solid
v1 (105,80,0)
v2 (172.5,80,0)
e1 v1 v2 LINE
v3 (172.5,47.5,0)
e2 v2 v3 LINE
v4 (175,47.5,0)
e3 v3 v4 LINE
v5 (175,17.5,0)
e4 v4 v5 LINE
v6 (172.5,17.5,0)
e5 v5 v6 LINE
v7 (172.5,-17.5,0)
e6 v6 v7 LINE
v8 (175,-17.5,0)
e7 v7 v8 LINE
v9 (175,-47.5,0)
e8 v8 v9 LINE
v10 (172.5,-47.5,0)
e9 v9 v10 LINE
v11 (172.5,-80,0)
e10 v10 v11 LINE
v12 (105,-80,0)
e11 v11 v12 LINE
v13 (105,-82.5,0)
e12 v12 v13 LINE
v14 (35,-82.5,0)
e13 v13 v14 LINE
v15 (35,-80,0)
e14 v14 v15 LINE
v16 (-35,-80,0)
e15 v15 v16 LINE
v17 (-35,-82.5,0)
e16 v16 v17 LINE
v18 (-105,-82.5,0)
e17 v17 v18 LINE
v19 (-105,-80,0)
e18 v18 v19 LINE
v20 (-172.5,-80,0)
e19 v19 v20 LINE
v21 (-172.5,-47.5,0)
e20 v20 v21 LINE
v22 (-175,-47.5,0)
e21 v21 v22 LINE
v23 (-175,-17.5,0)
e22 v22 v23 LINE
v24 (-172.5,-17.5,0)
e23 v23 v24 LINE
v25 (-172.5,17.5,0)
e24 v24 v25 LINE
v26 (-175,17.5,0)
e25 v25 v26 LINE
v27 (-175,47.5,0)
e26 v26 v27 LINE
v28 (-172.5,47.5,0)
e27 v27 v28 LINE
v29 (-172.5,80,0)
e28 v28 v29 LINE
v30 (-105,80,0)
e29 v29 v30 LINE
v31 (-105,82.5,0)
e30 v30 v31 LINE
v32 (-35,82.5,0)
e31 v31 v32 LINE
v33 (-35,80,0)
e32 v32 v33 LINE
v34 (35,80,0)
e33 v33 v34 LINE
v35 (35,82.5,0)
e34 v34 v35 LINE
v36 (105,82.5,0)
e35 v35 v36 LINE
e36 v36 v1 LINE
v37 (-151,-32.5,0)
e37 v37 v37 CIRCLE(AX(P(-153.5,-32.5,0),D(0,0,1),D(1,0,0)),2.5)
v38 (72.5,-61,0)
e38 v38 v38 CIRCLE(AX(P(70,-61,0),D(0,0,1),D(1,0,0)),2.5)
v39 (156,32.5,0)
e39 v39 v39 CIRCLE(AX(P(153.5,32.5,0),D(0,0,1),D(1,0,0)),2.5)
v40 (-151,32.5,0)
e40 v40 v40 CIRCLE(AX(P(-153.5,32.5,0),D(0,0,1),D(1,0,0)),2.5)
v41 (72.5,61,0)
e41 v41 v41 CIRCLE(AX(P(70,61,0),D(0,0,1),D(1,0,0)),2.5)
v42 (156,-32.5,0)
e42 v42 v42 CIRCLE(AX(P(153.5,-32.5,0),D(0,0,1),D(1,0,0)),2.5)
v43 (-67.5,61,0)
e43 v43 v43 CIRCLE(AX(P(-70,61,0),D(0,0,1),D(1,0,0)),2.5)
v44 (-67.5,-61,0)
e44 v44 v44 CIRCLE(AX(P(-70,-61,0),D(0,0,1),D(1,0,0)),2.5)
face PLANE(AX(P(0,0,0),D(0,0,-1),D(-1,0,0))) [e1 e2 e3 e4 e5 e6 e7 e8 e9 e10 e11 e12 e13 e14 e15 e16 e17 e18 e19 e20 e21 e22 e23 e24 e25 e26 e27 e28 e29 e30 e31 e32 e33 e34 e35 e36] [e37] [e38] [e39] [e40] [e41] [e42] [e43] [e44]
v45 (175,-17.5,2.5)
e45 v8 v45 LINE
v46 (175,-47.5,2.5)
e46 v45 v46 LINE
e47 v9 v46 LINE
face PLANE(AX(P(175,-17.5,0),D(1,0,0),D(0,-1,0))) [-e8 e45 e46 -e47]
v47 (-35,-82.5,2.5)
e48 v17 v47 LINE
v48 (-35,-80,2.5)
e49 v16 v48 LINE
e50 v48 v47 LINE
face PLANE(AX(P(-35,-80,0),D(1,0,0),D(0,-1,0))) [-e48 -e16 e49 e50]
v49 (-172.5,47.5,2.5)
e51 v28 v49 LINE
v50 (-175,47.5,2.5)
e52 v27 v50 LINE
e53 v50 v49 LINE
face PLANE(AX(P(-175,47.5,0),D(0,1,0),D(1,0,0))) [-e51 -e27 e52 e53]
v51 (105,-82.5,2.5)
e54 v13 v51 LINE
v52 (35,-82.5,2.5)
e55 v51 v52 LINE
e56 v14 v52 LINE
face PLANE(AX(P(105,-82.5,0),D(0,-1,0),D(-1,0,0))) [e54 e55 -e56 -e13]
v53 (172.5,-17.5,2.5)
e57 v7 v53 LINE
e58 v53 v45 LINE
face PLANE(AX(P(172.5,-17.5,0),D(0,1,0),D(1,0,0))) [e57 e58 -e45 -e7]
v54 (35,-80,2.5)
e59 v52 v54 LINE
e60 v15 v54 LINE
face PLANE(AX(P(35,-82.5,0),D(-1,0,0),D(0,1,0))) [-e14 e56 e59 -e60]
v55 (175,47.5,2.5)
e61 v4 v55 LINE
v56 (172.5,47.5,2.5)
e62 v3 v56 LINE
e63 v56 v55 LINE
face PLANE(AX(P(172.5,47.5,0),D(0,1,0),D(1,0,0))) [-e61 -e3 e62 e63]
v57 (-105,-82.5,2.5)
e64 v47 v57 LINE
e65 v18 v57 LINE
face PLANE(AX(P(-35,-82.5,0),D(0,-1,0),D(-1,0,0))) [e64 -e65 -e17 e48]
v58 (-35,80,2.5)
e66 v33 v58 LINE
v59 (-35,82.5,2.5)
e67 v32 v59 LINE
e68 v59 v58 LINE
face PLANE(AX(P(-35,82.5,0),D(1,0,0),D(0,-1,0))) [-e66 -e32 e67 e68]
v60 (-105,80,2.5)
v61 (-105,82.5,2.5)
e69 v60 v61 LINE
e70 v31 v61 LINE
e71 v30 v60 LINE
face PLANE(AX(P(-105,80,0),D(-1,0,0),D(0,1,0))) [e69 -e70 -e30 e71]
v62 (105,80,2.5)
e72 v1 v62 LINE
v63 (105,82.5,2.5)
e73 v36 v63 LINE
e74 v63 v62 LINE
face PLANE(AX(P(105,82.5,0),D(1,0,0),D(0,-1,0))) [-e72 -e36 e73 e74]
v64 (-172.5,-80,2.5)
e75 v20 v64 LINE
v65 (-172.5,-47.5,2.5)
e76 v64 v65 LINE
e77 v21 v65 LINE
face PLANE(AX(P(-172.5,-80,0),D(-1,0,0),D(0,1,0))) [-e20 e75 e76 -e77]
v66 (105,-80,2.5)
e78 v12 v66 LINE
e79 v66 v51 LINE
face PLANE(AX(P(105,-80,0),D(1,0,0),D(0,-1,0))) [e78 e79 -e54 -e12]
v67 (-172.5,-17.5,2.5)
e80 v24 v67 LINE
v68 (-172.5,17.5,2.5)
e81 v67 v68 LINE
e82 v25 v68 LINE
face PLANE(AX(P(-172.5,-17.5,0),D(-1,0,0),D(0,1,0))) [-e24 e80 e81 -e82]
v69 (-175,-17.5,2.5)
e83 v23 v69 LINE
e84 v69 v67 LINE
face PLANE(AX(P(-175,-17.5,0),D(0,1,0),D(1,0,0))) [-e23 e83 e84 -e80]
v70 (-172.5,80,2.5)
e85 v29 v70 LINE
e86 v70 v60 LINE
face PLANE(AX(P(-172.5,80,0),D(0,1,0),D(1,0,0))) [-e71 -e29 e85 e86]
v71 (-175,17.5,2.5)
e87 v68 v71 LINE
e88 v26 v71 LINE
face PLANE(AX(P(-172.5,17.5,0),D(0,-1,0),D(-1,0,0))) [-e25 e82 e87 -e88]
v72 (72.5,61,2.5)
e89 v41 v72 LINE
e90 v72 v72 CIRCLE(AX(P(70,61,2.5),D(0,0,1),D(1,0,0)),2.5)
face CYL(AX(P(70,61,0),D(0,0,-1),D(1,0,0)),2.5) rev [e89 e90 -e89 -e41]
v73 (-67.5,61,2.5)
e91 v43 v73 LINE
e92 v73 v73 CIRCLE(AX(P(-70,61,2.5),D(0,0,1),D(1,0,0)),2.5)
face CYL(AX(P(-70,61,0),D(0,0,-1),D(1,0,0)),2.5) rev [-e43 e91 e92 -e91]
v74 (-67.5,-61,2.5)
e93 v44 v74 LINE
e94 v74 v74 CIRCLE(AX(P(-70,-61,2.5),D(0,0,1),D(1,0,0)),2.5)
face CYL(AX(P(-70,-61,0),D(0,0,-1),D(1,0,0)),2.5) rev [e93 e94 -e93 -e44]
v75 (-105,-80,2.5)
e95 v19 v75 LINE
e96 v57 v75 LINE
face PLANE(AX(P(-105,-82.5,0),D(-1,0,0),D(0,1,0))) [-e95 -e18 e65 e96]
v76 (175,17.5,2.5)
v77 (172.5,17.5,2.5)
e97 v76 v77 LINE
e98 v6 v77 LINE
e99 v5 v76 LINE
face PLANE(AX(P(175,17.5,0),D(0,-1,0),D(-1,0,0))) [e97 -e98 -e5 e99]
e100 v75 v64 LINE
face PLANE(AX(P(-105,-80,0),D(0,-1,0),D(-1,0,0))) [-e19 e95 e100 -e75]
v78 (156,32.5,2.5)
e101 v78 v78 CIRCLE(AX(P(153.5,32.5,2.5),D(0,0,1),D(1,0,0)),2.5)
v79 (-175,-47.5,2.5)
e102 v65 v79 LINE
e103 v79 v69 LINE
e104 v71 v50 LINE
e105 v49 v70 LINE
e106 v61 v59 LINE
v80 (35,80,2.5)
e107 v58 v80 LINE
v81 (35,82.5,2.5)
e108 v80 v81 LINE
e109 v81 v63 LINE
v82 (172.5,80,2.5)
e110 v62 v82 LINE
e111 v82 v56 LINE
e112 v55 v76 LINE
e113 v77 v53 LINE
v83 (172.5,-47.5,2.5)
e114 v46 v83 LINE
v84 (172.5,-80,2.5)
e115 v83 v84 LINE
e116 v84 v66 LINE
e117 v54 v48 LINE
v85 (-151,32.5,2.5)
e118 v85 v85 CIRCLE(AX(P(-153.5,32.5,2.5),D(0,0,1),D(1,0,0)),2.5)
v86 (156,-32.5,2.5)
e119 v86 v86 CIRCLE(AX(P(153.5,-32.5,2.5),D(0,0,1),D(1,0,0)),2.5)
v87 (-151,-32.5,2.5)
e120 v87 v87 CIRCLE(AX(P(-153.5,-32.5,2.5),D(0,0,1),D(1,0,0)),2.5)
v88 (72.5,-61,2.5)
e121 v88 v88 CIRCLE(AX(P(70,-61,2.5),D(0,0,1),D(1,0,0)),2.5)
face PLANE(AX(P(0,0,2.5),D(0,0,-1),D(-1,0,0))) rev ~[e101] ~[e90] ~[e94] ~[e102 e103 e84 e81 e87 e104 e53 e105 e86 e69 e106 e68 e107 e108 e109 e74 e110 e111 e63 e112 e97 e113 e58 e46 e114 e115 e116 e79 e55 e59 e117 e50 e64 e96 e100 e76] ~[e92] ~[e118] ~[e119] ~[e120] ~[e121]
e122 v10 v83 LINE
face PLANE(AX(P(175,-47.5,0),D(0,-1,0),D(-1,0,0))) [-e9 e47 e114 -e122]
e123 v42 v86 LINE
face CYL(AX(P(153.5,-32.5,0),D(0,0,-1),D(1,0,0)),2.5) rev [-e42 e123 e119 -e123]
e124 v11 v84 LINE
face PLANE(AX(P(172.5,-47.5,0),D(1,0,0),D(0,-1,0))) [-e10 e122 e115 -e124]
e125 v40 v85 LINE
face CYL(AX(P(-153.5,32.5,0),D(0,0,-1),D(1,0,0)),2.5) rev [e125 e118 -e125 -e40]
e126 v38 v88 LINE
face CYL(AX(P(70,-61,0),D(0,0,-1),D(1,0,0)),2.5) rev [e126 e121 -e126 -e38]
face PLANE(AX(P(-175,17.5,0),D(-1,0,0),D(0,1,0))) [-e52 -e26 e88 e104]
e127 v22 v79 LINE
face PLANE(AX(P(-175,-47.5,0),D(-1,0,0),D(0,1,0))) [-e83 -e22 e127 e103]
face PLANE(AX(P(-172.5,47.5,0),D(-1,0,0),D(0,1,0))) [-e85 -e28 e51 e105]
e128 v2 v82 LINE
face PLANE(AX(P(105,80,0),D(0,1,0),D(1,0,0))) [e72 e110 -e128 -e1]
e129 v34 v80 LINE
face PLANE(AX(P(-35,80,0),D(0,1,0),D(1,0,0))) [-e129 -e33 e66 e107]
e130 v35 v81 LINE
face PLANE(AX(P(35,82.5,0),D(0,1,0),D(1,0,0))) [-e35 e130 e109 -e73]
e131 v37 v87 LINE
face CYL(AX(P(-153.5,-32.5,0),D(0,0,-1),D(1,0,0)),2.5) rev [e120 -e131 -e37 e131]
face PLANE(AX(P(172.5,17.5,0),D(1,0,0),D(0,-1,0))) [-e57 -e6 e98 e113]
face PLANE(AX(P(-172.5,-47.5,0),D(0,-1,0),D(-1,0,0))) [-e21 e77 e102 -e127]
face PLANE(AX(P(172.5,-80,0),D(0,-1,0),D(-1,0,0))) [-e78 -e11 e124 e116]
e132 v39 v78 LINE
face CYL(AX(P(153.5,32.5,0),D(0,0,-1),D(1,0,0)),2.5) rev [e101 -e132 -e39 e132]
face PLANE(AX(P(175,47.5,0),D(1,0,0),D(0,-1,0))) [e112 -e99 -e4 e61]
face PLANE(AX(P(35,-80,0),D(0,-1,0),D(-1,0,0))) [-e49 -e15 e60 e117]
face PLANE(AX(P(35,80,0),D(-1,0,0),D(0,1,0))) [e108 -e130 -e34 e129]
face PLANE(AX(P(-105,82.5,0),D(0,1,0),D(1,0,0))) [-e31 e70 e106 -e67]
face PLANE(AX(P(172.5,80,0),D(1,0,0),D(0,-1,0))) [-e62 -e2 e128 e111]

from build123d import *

# Parameters (mm, degrees)
SKETCH1_R           = 2.5
BOSS_EXTRUDE1_DEPTH = 2.5


with BuildPart() as part:
    # Sketch1 → Boss-Extrude1 (new body)
    with BuildSketch(Plane.XY):
        Polygon((-172.5, 80), (-105, 80), (-105, 82.5), (-35, 82.5), (-35, 80), (35, 80), (35, 82.5), (105, 82.5), (105, 80), (172.5, 80), (172.5, 47.5), (175, 47.5), (175, 17.5), (172.5, 17.5), (172.5, -17.5), (175, -17.5), (175, -47.5), (172.5, -47.5), (172.5, -80), (105, -80), (105, -82.5), (35, -82.5), (35, -80), (-35, -80), (-35, -82.5), (-105, -82.5), (-105, -80), (-172.5, -80), (-172.5, -47.5), (-175, -47.5), (-175, -17.5), (-172.5, -17.5), (-172.5, 17.5), (-175, 17.5), (-175, 47.5), (-172.5, 47.5), align=None)
        with Locations((-70, -61)):
            Circle(SKETCH1_R, mode=Mode.SUBTRACT)
        with Locations((70, -61)):
            Circle(SKETCH1_R, mode=Mode.SUBTRACT)
        with Locations((70, 61)):
            Circle(SKETCH1_R, mode=Mode.SUBTRACT)
        with Locations((-70, 61)):
            Circle(SKETCH1_R, mode=Mode.SUBTRACT)
        with Locations((153.5, 32.5)):
            Circle(SKETCH1_R, mode=Mode.SUBTRACT)
        with Locations((153.5, -32.5)):
            Circle(SKETCH1_R, mode=Mode.SUBTRACT)
        with Locations((-153.5, -32.5)):
            Circle(SKETCH1_R, mode=Mode.SUBTRACT)
        with Locations((-153.5, 32.5)):
            Circle(SKETCH1_R, mode=Mode.SUBTRACT)
    extrude(amount=BOSS_EXTRUDE1_DEPTH)


solid = part.part
